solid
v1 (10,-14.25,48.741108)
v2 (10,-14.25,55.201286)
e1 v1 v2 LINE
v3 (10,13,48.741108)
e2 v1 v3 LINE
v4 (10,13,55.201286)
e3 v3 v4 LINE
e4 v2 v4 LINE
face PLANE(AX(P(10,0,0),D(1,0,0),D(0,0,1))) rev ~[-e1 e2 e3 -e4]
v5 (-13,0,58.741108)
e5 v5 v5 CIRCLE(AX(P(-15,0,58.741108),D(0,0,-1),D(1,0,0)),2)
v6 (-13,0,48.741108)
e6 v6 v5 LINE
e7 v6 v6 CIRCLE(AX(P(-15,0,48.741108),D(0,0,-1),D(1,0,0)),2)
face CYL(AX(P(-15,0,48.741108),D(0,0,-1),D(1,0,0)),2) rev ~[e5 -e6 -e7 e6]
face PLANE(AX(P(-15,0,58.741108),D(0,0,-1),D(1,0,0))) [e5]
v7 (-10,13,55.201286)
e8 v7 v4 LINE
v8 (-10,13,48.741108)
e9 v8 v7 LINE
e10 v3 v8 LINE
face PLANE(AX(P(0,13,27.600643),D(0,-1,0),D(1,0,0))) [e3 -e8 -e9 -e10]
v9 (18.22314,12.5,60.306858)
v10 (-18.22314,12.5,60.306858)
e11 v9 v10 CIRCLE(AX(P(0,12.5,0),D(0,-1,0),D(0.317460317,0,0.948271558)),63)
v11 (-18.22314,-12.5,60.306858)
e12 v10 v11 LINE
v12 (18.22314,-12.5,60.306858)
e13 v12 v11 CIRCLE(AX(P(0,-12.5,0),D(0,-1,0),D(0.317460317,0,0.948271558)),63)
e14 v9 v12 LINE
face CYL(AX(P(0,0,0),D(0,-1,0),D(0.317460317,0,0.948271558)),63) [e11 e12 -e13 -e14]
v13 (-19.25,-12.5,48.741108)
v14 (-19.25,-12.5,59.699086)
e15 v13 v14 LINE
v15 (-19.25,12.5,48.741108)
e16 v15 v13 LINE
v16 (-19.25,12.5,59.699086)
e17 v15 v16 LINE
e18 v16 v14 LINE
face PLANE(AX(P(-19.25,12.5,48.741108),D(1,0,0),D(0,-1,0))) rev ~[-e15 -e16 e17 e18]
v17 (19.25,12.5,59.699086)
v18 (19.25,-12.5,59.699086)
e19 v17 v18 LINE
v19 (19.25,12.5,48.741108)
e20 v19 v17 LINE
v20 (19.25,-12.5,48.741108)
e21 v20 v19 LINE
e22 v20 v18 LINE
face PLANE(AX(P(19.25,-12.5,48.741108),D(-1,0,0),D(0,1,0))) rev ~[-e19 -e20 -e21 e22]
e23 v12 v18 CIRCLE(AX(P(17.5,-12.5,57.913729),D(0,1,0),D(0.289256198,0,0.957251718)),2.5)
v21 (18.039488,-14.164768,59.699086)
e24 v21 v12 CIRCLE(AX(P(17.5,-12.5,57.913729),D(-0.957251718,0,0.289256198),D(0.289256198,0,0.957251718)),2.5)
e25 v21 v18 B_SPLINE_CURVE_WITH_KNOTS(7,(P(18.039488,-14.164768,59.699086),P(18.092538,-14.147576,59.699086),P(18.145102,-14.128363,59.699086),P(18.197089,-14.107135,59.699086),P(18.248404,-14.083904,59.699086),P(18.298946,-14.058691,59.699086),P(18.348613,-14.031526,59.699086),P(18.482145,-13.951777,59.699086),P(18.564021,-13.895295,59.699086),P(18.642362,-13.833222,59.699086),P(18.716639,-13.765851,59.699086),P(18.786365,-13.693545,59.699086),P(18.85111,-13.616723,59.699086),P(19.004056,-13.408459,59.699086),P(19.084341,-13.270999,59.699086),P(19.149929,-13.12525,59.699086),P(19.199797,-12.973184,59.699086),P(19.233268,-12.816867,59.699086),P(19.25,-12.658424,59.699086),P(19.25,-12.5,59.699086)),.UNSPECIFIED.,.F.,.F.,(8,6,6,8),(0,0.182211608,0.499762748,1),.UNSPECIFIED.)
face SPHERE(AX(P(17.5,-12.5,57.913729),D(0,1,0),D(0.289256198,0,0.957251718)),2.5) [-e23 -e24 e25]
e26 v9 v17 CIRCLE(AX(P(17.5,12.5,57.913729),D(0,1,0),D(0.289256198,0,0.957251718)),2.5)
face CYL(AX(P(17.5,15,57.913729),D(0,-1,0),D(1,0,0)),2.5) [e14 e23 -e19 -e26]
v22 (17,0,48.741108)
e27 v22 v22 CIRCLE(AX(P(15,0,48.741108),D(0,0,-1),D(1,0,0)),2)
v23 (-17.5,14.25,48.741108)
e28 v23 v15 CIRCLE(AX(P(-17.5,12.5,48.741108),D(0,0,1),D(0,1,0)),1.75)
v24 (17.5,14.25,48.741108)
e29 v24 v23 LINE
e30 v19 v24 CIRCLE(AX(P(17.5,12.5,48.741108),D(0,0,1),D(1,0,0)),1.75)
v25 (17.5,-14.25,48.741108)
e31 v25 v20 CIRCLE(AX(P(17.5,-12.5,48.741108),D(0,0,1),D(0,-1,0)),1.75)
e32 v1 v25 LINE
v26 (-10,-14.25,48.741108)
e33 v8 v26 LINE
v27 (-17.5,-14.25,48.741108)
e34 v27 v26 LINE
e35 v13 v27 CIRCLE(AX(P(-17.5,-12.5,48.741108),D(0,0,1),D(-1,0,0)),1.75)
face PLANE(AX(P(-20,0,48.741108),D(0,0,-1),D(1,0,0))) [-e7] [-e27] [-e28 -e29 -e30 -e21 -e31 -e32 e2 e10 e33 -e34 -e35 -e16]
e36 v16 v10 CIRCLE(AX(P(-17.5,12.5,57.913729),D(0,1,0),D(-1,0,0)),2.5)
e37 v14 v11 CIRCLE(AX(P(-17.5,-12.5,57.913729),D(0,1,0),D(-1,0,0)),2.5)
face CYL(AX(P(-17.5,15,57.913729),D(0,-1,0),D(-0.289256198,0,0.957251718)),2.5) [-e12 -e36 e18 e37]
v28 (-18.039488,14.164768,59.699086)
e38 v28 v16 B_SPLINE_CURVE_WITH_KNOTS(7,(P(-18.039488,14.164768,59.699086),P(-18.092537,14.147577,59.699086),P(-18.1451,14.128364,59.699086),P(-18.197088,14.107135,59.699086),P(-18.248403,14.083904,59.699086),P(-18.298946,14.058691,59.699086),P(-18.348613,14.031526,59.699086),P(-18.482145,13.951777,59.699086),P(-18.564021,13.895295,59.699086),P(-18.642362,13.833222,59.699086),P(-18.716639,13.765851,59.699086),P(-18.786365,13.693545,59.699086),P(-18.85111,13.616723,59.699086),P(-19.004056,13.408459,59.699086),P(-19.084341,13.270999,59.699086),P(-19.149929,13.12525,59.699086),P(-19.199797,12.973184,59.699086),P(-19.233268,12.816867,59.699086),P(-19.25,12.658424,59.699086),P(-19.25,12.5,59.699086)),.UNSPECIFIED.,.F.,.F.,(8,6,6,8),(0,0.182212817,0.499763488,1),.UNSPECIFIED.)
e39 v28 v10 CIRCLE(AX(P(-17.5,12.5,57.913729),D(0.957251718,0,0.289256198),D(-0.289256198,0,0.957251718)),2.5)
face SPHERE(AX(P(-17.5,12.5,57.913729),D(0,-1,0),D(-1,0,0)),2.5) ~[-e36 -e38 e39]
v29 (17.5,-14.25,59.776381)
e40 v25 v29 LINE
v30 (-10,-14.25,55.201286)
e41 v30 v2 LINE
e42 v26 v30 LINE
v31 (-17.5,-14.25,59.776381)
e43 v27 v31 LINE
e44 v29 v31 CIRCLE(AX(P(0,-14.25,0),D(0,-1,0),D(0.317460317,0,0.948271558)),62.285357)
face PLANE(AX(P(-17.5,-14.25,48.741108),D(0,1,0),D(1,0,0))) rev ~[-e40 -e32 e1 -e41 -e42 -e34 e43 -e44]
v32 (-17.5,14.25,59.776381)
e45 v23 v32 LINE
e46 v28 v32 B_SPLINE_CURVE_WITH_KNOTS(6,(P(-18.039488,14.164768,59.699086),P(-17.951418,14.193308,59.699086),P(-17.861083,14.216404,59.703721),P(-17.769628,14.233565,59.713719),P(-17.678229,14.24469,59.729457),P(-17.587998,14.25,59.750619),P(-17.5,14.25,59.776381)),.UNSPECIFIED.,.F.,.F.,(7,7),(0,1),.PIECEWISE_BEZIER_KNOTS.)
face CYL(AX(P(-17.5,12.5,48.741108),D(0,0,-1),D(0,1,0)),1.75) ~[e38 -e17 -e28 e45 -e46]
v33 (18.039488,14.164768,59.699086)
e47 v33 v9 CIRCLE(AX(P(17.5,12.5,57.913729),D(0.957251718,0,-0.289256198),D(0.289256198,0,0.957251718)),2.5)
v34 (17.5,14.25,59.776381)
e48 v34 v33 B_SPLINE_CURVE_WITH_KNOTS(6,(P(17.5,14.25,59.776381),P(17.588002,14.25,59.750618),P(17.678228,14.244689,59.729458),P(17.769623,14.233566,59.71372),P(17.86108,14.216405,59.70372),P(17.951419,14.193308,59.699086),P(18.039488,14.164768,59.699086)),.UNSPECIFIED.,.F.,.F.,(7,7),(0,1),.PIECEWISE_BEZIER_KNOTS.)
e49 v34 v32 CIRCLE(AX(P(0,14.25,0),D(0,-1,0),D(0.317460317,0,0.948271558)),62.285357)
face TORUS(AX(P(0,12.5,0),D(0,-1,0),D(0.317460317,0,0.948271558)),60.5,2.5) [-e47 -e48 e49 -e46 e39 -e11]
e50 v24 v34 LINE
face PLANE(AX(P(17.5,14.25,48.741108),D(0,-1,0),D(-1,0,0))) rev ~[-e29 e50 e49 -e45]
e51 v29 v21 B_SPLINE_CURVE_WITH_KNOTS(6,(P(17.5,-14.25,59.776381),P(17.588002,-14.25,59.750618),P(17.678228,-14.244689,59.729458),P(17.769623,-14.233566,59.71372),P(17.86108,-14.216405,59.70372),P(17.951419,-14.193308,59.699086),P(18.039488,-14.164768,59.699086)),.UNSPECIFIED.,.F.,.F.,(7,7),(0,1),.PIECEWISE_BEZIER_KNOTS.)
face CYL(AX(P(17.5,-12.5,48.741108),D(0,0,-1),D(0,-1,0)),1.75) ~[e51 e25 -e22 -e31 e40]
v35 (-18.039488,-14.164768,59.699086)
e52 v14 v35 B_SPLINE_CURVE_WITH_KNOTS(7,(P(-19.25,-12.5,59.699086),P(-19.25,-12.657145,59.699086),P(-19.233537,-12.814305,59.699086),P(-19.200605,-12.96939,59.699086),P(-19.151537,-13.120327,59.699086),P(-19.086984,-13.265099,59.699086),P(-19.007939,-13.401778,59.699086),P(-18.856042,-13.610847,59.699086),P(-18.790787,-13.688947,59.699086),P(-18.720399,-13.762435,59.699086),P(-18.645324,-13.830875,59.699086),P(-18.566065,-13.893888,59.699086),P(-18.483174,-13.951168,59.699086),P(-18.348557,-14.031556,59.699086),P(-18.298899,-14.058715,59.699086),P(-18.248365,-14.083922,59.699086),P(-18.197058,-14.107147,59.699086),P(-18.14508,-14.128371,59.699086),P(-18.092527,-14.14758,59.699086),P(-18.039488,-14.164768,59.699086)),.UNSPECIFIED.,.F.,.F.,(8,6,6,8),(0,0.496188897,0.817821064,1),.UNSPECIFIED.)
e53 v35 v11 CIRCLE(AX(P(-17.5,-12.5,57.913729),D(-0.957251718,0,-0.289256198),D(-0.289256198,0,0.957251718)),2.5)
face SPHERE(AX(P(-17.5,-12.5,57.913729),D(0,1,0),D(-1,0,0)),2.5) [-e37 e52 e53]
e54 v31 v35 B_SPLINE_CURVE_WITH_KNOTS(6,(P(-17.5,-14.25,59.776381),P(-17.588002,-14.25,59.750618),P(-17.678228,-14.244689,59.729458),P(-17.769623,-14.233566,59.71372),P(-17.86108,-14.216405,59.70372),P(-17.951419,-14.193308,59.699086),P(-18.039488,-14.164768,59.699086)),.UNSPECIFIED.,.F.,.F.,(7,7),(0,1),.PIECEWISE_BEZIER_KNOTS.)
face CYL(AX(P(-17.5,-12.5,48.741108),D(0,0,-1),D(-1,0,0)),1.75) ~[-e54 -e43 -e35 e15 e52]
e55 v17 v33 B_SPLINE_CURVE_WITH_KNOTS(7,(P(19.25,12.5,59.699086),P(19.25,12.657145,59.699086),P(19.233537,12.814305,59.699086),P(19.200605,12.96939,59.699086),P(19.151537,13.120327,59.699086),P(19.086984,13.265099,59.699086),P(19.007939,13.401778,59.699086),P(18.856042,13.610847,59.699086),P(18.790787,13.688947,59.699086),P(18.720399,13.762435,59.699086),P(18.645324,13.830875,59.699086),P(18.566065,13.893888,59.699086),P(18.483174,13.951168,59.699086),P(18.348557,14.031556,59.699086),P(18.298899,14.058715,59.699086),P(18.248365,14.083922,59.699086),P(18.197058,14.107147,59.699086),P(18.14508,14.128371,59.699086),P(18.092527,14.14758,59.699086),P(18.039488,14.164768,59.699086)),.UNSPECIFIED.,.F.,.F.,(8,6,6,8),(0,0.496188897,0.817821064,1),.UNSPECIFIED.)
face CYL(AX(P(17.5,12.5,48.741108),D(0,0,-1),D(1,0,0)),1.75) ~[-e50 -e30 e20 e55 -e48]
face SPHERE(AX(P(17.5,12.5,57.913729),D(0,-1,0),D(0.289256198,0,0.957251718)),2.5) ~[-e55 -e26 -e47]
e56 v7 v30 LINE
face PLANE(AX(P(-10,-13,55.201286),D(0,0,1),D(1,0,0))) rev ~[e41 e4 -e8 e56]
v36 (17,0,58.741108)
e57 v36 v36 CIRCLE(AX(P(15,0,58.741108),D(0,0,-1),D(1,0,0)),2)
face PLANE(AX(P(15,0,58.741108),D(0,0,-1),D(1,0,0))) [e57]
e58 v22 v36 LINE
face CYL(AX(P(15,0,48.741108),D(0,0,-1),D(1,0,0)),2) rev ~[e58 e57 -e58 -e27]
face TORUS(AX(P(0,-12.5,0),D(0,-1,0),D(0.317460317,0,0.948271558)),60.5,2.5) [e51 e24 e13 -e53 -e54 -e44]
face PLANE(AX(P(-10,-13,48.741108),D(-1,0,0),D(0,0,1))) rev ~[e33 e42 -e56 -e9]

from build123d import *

# Parameters (mm, degrees)
F1_DEPTH = 15
F2_W     = 20
F2_H     = 55.2012861603
F3_DEPTH = 13
F4_R     = 2
F5_DEPTH = 10
F6_R     = 2.5
F8_DEPTH = 14.259891975
F9_DEPTH = 1.2510001


with BuildPart() as f1:
    # F0 (on Front) → F1 (new body, symmetric)
    with BuildSketch(Plane.XZ):
        with BuildLine():
            Line((20, 48.741108125), (20, 59.741108125))
            ThreePointArc((20, 59.741108125), (0, 63), (-20, 59.741108125))
            Line((-20, 59.741108125), (-20, 48.741108125))
            Line((-20, 48.741108125), (20, 48.741108125))
        make_face()
    extrude(amount=F1_DEPTH, both=True)

    # F2 (on Front) → F3 (cut, symmetric)
    with BuildSketch(Plane.XZ):
        with Locations((0, 27.6006430802)):
            Rectangle(F2_W, F2_H)
    extrude(amount=F3_DEPTH, both=True, mode=Mode.SUBTRACT)

    # F4 (on face) → F5 (cut)
    with BuildSketch(Plane(origin=(0, 0, 48.741108125), x_dir=(1, 0, 0), z_dir=(0, 0, -1))):
        with Locations((-15, 0)):
            Circle(F4_R)
        with Locations((15, 0)):
            Circle(F4_R)
    extrude(amount=-F5_DEPTH, mode=Mode.SUBTRACT)

    # F6
    f6_edges = [f1.edges().sort_by_distance(p)[0] for p in [
        (-20, -15, 54.241108),
        (-20, 15, 54.241108),
        (20, -15, 54.241108),
        (20, 15, 54.241108),
        (20, 0, 59.741108),
        (0, -15, 63),
        (0, 15, 63),
        (-20, 0, 59.741108),
    ]]
    fillet(f6_edges, radius=F6_R)

    # F7 (on face) → F8 (cut, through all)
    with BuildSketch(Plane(origin=(0, 0, 48.741108125), x_dir=(1, 0, 0), z_dir=(0, 0, -1))):
        with BuildLine():
            Line((17.5, 15), (-17.5, 15))
            ThreePointArc((-17.5, 15), (-19.267766953, 14.267766953), (-20, 12.5))
            Line((-20, 12.5), (-20, -12.5))
            ThreePointArc((-20, -12.5), (-19.267766953, -14.267766953), (-17.5, -15))
            Line((-17.5, -15), (17.5, -15))
            ThreePointArc((17.5, -15), (19.267766953, -14.267766953), (20, -12.5))
            Line((20, -12.5), (20, 12.5))
            ThreePointArc((20, 12.5), (19.267766953, 14.267766953), (17.5, 15))
        make_face()
        with BuildLine():
            Line((-19.25, -12.5), (-19.25, 12.5))
            ThreePointArc((-19.25, 12.5), (-18.7374368671, 13.7374368671), (-17.5, 14.25))
            Line((-17.5, 14.25), (17.5, 14.25))
            ThreePointArc((17.5, 14.25), (18.7374368671, 13.7374368671), (19.25, 12.5))
            Line((19.25, 12.5), (19.25, -12.5))
            ThreePointArc((19.25, -12.5), (18.7374368671, -13.7374368671), (17.5, -14.25))
            Line((17.5, -14.25), (-17.5, -14.25))
            ThreePointArc((-17.5, -14.25), (-18.7374368671, -13.7374368671), (-19.25, -12.5))
        make_face(mode=Mode.SUBTRACT)
    extrude(amount=-F8_DEPTH, mode=Mode.SUBTRACT)

    # F9 (cut, through all): a face of the model
    f9_faces = [f1.faces().sort_by_distance(p)[0] for p in [
        (0, -13, 51.9711971427),
    ]]
    extrude(f9_faces, amount=-F9_DEPTH, mode=Mode.SUBTRACT)


solid = f1.part
